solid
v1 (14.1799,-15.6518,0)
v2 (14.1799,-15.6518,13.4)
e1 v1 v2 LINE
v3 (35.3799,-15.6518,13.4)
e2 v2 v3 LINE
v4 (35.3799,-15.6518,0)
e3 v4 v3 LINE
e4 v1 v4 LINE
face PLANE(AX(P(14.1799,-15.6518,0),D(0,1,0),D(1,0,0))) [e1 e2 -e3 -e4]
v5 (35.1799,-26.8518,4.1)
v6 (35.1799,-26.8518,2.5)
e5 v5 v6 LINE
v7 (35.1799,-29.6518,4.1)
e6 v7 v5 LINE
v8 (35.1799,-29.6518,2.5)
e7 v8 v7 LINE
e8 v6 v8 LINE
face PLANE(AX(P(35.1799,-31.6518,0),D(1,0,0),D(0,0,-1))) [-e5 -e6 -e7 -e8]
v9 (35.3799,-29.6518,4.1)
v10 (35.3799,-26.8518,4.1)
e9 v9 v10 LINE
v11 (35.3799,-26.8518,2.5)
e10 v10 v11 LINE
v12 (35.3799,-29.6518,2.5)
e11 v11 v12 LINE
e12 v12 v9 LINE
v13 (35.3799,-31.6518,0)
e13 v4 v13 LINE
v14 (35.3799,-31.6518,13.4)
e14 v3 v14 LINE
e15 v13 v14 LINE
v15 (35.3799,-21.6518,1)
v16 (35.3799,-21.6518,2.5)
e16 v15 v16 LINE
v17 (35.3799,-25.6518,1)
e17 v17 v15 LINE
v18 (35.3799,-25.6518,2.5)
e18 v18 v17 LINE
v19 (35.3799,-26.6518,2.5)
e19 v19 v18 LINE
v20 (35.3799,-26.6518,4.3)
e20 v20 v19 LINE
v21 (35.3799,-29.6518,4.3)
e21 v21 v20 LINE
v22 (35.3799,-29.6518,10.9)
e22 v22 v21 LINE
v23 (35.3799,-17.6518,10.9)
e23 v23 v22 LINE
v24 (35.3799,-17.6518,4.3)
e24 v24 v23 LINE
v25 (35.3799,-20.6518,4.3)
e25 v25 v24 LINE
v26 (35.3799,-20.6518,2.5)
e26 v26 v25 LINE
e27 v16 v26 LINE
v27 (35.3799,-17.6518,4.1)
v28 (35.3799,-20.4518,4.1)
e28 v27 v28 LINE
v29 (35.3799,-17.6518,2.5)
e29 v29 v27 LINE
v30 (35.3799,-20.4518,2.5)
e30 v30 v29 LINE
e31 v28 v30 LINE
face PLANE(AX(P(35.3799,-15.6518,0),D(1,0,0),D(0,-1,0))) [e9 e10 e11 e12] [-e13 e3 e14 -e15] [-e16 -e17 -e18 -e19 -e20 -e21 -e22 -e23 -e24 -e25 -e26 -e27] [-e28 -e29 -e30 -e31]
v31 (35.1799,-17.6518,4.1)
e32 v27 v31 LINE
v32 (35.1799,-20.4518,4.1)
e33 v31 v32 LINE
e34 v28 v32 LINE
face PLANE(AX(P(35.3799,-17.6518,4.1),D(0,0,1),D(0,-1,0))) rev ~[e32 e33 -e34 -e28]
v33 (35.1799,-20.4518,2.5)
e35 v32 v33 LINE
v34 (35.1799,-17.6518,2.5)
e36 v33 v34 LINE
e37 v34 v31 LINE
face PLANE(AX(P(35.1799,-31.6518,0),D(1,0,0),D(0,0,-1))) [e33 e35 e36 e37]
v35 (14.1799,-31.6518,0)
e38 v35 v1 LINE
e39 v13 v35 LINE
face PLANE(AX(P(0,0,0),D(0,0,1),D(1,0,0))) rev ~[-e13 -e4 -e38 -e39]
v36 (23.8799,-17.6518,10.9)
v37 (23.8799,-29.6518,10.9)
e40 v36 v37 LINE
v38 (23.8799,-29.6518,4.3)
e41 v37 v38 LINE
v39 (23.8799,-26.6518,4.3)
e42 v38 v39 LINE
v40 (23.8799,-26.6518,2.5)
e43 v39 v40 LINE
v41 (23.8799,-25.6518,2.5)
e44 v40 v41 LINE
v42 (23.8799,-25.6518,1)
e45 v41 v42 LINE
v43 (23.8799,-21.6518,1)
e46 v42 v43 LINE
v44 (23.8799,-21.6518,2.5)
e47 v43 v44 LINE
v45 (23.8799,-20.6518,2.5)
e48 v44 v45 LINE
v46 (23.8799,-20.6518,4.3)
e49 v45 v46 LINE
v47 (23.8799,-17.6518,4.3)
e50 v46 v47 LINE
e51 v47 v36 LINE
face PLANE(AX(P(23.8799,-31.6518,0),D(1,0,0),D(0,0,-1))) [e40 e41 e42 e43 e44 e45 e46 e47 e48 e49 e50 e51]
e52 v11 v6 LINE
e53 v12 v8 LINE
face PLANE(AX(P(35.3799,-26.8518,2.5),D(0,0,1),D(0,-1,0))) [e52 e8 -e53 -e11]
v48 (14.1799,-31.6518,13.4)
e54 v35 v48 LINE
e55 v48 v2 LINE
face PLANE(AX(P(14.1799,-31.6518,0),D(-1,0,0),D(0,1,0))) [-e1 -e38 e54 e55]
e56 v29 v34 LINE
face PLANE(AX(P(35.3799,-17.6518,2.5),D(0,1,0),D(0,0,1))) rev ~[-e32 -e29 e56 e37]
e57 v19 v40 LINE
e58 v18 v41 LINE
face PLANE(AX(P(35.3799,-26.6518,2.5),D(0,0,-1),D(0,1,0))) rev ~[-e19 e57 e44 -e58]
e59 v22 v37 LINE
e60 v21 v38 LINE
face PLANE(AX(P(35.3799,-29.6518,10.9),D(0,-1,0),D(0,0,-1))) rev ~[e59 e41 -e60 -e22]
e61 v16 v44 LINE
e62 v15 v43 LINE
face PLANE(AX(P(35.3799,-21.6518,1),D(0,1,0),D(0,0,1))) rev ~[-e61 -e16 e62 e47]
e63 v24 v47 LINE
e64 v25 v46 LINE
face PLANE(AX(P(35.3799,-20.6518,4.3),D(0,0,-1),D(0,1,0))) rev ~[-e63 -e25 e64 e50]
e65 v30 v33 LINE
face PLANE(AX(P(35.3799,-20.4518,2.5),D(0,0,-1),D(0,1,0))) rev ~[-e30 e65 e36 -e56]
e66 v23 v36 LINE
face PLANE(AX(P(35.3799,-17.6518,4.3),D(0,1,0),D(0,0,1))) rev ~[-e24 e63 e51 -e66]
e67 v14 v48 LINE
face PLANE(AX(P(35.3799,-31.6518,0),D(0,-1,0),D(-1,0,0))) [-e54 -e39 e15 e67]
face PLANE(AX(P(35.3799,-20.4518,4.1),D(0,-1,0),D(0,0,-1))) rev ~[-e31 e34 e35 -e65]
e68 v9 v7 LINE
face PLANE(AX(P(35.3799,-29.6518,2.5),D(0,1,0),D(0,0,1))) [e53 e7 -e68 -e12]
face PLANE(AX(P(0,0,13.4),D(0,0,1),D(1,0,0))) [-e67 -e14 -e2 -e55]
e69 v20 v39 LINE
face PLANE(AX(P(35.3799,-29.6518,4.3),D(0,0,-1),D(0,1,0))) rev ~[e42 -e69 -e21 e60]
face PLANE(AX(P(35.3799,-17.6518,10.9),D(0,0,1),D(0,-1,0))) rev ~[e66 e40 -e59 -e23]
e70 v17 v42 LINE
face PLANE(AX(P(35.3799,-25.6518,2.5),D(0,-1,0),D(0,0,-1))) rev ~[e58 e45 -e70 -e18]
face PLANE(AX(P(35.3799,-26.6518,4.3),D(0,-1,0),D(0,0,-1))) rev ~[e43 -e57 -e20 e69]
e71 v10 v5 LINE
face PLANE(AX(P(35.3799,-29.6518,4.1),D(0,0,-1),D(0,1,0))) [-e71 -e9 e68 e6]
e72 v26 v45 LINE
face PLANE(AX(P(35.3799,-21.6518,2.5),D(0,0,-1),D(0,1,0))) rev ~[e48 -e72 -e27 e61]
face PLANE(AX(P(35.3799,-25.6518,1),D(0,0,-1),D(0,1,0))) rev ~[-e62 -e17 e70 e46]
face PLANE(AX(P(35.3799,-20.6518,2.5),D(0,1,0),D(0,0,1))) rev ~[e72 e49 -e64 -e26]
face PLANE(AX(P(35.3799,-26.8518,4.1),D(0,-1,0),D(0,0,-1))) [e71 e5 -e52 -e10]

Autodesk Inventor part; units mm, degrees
ref_plane "YZ Plane" through (0, 0, 0) normal (1, 0, 0) x (0, 1, 0)
ref_plane "XZ Plane" through (0, 0, 0) normal (0, 1, 0) x (-1, 0, 0)
ref_plane "XY Plane" through (0, 0, 0) normal (0, 0, 1) x (1, 0, 0)
ref_plane "Work Plane1" through (0, 0, 0) normal (0, 0, 1) x (1, 0, 0)
sketch "Sketch1" plane through (0, 0, 0) normal (0, 0, 1) x (1, 0, 0)
  line L0 (14.1799, -15.6518) -> (35.3799, -15.6518)
  line L1 (35.3799, -15.6518) -> (35.3799, -31.6518)
  line L2 (35.3799, -31.6518) -> (14.1799, -31.6518)
  line L3 (14.1799, -31.6518) -> (14.1799, -15.6518)
  point P0 (0, 0)
  dimension "d0" = 21.2
  dimension "d2" = 16
extrude "Extrusion1" add sketch "Sketch1" along normal blind 13.4
sketch "Sketch2" plane through (35.3799, -31.6518, 0) normal (1, 0, 0) x (0, 0, -1)
  line L0 (0, 16) -> (0, 0) projected
  line L1 (0, 16) -> (-13.4, 16) projected
  line L2 (-13.4, 0) -> (-13.4, 16) projected
  line L3 (0, 0) -> (-13.4, 0) projected
  line L4 (-10.9, 2) -> (-4.3, 2)
  line L5 (-4.3, 2) -> (-4.3, 5)
  line L6 (-4.3, 5) -> (-2.5, 5)
  line L7 (-2.5, 5) -> (-2.5, 6)
  line L8 (-2.5, 6) -> (-1, 6)
  line L9 (-1, 6) -> (-1, 10)
  line L10 (-1, 10) -> (-2.5, 10)
  line L11 (-2.5, 10) -> (-2.5, 11)
  line L12 (-2.5, 11) -> (-4.3, 11)
  line L13 (-4.3, 11) -> (-4.3, 14)
  line L14 (-4.3, 14) -> (-10.9, 14)
  line L15 (-10.9, 14) -> (-10.9, 2)
  point P0 (0, 31.6518)
  dimension "d5" = 2
  dimension "d6" = 2
  dimension "d7" = 2.5
  dimension "d8" = 5
  dimension "d9" = 6
  dimension "d10" = 1
  dimension "d11" = 2.5
  dimension "d12" = 4.3
extrude "Extrusion2" cut sketch "Sketch2" against normal blind 11.5 contours L15 L14 L13 L12 L11 L10 L9 L8 L7 L6 L5 L4
sketch "Sketch3" plane through (35.3799, -31.6518, 0) normal (1, 0, 0) x (0, 0, -1)
  line L0 (-4.3, 5) -> (-4.3, 2) projected
  line L1 (-4.3, 2) -> (-10.9, 2) projected
  line L2 (-10.9, 14) -> (-4.3, 14) projected
  line L3 (-4.3, 14) -> (-4.3, 11) projected
  line L4 (-4.3, 11) -> (-2.5, 11) projected
  line L5 (-2.5, 5) -> (-4.3, 5) projected
  line L6 (-4.1, 4.8) -> (-2.5, 4.8)
  line L7 (-2.5, 4.8) -> (-2.5, 2)
  line L8 (-2.5, 2) -> (-4.1, 2)
  line L9 (-4.1, 2) -> (-4.1, 4.8)
  line L10 (-4.1, 11.2) -> (-2.5, 11.2)
  line L11 (-2.5, 11.2) -> (-2.5, 14)
  line L12 (-2.5, 14) -> (-4.1, 14)
  line L13 (-4.1, 14) -> (-4.1, 11.2)
  point P0 (0, 31.6518)
  dimension "d15" = 0.2
  dimension "d16" = 0.2
  dimension "d17" = 0.2
  dimension "d18" = 0.2
extrude "Extrusion3" cut sketch "Sketch3" against normal blind 0.2
properties part number "nanopc_t4_rj45"
